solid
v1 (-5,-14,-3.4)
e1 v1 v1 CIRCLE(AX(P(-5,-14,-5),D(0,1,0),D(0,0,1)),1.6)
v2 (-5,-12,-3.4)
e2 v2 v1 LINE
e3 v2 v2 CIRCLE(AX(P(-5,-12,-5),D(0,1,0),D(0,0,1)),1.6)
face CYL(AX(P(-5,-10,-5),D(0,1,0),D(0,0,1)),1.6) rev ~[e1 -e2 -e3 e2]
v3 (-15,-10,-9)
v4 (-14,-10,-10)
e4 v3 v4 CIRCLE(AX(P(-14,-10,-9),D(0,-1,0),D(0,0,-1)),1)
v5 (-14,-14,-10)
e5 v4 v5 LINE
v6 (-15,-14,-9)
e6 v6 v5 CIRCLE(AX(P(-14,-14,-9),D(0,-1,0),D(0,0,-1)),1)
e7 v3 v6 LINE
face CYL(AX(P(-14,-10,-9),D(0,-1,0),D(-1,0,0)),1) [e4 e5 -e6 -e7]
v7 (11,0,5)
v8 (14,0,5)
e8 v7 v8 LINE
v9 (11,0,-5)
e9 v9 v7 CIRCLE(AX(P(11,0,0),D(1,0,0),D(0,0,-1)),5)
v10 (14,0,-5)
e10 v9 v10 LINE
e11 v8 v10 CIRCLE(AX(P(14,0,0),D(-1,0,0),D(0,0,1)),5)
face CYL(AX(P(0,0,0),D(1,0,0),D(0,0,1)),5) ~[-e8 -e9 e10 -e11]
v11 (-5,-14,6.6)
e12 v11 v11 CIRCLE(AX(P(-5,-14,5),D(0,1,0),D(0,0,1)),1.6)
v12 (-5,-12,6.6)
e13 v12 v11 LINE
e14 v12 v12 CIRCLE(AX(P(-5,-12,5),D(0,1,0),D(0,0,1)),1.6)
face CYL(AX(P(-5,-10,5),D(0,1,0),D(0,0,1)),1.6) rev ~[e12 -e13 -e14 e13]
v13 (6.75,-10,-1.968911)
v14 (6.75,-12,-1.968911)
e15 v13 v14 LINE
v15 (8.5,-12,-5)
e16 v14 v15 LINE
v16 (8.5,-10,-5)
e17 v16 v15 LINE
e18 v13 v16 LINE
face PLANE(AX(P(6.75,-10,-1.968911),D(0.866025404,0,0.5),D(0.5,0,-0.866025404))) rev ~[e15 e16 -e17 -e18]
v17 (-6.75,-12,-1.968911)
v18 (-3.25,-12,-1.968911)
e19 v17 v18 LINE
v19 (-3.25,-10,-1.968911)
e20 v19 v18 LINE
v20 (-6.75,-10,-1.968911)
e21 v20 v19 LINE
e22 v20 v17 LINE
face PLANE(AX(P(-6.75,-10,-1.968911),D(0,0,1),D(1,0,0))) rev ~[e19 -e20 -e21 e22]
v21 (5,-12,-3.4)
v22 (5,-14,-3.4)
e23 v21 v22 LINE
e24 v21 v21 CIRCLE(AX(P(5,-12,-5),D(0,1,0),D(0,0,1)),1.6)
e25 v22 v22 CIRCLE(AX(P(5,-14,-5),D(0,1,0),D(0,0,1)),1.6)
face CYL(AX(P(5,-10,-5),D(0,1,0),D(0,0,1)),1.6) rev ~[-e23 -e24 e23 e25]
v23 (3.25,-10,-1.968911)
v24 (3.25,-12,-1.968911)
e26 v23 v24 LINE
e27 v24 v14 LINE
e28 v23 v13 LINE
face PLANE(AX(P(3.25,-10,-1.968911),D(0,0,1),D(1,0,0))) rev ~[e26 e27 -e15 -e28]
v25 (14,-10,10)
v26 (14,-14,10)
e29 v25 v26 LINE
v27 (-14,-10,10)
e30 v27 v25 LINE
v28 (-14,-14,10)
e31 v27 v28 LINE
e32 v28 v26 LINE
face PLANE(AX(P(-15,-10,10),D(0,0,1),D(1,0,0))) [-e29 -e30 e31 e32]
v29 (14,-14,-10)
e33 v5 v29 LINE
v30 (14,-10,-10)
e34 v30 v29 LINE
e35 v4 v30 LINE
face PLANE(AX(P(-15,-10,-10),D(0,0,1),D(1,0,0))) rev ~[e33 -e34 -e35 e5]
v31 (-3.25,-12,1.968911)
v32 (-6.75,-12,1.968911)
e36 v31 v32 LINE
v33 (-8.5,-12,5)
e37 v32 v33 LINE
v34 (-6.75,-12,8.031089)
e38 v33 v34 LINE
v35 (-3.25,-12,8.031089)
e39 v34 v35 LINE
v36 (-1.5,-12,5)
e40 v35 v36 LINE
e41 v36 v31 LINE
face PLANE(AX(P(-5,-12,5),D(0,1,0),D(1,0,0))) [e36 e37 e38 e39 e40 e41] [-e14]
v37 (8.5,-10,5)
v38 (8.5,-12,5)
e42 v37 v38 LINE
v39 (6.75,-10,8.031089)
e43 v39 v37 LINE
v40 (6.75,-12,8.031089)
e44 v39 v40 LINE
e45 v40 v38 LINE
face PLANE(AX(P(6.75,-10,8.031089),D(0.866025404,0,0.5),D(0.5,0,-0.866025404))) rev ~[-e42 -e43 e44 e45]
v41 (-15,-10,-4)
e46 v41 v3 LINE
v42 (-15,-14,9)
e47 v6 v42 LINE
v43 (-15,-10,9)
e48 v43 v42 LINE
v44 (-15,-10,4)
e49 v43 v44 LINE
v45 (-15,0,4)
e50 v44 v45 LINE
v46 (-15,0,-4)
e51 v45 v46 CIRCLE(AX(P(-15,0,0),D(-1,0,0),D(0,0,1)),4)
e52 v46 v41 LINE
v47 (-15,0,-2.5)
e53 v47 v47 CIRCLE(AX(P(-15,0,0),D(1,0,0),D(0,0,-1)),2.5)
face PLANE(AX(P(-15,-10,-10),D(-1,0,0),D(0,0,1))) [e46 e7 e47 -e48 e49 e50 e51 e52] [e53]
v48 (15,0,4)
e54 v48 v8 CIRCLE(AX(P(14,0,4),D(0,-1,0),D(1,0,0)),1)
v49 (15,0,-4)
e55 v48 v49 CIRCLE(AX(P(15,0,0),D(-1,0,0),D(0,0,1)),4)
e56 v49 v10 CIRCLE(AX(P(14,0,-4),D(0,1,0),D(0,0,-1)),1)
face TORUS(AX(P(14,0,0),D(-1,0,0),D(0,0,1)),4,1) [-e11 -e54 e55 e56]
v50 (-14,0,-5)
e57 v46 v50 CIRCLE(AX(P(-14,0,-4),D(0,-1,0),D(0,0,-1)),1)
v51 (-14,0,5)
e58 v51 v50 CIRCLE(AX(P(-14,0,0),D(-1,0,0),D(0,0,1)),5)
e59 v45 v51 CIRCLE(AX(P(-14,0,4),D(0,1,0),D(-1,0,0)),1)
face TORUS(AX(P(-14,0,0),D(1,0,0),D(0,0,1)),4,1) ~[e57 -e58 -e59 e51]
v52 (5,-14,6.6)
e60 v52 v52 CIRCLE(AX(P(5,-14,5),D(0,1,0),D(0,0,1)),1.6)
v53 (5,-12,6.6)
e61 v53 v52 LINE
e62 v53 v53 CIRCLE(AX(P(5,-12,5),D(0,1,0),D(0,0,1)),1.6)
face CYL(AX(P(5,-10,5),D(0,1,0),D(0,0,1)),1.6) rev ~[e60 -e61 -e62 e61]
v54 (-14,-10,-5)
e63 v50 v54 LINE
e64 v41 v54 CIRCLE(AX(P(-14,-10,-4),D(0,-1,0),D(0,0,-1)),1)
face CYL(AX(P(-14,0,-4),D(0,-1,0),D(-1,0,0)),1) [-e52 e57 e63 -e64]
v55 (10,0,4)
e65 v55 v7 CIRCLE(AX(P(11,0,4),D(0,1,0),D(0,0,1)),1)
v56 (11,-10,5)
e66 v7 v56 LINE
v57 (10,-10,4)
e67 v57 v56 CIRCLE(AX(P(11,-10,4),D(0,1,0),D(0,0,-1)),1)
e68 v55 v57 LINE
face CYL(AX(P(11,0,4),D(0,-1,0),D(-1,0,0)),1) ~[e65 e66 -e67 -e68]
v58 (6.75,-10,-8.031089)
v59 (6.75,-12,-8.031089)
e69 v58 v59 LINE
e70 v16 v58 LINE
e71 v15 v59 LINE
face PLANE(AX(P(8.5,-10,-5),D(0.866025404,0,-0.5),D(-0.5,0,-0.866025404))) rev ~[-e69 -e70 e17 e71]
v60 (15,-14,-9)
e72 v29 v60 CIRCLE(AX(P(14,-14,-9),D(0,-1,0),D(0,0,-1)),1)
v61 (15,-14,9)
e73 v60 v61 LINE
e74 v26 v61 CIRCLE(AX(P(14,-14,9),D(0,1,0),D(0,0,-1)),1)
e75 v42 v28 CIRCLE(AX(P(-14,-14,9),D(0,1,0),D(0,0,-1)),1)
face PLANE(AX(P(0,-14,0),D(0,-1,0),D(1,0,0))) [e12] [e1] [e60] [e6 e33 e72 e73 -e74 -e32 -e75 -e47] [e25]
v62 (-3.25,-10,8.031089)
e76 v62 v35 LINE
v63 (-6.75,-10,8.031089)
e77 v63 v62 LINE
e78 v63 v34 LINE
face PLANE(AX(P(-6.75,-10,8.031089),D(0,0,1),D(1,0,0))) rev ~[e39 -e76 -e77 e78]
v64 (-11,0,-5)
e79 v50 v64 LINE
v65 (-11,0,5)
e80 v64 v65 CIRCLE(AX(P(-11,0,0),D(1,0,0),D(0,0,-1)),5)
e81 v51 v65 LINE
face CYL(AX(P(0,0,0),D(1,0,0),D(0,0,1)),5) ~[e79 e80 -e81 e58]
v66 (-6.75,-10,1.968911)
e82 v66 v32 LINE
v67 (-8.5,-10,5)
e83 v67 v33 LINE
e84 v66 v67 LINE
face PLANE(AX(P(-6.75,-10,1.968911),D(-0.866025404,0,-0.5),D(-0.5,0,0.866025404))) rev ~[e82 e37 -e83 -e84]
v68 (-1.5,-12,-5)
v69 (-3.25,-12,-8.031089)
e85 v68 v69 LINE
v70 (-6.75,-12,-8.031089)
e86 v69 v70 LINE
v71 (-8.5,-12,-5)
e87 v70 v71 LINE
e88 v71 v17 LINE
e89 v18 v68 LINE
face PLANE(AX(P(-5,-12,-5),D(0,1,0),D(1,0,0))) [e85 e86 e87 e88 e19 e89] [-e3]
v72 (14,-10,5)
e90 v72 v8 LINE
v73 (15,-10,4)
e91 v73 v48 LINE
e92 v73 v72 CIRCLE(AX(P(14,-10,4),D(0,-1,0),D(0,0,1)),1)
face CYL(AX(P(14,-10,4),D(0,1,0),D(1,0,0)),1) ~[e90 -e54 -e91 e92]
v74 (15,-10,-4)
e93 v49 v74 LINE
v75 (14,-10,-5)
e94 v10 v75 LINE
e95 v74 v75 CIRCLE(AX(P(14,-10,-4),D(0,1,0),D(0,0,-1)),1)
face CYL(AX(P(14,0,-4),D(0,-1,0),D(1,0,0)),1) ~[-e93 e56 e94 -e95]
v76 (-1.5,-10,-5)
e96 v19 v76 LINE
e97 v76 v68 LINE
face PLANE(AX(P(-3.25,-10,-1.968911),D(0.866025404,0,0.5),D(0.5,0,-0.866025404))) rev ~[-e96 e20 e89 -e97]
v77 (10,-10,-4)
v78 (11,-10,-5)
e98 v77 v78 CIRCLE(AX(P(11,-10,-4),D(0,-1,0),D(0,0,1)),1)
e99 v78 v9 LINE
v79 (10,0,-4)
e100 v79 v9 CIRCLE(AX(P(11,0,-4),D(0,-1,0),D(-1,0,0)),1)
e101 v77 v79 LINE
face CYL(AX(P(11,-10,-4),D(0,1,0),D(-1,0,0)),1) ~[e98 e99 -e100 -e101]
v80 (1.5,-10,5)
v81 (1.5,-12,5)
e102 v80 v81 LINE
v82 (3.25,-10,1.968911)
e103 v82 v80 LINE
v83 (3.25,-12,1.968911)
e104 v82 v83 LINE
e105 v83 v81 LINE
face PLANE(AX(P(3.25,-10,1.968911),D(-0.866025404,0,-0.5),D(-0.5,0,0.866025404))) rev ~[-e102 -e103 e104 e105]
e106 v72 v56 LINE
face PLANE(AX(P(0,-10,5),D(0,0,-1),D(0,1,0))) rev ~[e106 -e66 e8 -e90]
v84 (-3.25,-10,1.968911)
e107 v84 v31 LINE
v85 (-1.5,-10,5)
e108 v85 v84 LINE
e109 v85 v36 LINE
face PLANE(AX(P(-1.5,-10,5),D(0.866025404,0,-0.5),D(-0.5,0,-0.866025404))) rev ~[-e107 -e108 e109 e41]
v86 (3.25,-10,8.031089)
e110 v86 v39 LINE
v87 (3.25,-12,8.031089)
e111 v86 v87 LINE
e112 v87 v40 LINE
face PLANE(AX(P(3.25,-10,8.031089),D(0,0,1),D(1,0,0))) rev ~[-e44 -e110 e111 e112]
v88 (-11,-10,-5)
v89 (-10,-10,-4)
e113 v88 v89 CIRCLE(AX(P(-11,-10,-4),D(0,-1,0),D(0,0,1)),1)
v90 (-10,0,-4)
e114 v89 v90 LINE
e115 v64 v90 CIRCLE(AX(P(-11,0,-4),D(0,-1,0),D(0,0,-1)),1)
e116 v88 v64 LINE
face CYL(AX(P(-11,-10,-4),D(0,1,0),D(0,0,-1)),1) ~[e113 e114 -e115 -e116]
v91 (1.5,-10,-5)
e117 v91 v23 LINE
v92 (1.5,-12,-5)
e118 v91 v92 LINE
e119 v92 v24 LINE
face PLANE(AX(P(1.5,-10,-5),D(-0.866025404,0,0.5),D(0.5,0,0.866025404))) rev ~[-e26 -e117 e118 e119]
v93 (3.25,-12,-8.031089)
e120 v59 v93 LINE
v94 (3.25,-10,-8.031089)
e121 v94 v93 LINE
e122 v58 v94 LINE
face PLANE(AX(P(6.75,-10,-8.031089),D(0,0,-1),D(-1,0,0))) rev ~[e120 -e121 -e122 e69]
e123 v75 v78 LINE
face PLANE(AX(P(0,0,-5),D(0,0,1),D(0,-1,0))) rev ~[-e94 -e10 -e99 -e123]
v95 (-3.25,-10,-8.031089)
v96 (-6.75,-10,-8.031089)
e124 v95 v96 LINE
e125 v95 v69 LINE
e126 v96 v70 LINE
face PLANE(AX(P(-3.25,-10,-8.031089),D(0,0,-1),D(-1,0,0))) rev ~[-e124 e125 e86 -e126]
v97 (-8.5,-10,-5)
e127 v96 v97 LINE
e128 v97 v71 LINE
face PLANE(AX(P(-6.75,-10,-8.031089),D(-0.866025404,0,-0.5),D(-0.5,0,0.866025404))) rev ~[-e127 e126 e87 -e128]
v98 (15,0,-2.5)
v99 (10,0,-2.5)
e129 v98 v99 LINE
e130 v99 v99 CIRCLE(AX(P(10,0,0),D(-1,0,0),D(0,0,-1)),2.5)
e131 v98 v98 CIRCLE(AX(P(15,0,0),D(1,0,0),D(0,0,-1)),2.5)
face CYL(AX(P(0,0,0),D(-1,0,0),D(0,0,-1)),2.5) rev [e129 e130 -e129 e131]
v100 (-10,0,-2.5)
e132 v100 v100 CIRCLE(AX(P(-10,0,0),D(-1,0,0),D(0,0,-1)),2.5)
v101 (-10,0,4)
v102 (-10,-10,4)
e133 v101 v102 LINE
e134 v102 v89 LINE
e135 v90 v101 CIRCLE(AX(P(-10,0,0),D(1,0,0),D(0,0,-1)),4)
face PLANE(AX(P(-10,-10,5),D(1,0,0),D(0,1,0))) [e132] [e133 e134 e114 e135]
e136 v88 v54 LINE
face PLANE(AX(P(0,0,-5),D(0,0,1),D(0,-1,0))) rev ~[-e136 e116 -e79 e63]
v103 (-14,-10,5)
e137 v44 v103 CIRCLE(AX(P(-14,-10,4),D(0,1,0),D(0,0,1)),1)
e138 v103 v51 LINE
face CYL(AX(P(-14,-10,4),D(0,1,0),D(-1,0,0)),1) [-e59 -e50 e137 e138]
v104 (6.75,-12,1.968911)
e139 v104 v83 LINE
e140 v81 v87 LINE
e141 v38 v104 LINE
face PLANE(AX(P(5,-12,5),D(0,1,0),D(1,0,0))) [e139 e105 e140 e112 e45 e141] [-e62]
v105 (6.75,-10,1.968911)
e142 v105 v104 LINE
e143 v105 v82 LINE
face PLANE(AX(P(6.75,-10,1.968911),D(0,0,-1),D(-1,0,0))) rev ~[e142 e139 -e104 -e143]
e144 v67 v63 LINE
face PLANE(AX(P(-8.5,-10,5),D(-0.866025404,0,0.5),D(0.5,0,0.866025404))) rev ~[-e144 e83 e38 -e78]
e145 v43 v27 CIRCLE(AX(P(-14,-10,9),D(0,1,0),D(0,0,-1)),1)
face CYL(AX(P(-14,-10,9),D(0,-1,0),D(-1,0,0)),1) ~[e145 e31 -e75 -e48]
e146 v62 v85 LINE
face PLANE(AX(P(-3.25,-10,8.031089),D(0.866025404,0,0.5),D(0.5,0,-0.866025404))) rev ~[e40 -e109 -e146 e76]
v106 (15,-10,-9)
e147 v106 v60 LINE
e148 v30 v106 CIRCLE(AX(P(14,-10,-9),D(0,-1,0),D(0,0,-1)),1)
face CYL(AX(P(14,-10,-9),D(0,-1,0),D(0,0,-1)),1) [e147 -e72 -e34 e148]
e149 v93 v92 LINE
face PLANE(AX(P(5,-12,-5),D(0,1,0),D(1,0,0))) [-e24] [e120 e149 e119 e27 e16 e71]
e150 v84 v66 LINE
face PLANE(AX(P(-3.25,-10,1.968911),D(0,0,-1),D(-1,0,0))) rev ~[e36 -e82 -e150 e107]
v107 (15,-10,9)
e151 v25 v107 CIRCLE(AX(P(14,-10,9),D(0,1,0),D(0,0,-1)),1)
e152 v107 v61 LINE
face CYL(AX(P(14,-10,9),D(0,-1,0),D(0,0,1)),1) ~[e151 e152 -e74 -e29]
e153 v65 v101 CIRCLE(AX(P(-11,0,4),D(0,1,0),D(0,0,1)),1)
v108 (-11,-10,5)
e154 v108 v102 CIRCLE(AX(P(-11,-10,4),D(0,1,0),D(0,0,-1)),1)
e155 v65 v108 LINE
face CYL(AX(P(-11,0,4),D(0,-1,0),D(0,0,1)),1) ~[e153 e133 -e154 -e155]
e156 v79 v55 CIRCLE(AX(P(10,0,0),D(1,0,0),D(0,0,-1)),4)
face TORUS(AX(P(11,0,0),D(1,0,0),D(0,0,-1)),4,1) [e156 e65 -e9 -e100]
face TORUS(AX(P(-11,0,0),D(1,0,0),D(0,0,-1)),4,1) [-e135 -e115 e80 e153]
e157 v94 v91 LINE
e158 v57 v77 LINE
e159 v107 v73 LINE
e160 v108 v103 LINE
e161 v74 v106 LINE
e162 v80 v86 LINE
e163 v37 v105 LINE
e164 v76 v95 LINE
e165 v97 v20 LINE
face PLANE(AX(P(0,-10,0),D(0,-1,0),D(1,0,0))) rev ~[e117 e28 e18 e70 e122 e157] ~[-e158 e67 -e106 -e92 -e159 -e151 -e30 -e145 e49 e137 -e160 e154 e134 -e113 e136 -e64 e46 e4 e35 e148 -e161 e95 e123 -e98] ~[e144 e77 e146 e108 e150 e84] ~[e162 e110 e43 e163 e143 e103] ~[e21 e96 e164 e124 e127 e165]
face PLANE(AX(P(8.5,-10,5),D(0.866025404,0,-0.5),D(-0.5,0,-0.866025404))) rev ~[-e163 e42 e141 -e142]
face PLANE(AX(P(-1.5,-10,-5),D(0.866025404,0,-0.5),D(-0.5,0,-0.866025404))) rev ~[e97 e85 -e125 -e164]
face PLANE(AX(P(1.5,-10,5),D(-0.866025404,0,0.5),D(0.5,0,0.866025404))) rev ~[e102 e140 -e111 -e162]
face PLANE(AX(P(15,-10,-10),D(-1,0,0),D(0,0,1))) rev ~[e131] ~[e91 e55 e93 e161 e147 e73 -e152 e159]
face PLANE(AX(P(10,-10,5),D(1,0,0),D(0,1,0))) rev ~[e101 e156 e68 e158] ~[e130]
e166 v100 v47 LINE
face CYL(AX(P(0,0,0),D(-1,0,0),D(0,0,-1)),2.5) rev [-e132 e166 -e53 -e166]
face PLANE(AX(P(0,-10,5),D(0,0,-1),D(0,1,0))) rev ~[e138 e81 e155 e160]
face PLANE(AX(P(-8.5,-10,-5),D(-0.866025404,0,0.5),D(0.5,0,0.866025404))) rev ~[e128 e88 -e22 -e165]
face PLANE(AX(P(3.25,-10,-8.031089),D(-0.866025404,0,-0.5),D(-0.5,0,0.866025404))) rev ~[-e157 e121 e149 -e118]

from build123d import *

# Parameters (mm, degrees)
ESQUISSE2_R                  = 2.5
BOSS_EXTRU_1_DEPTH           = 15
ESQUISSE4_W                  = 30
ESQUISSE4_H                  = 20
BOSS_EXTRU_2_DEPTH           = 4
ENL_V_MAT_EXTRU_1_REACH      = 6
ESQUISSE5_R                  = 1.6
ESQUISSE6_W                  = 20
ESQUISSE6_H                  = 21.543710407
ENL_V_MAT_EXTRU_2_DEPTH      = 16
ENL_V_MAT_EXTRU_3_DEPTH      = 16
ENL_V_MAT_EXTRU_3_DEPTH_BACK = 2
CONG_1_R                     = 1


with BuildPart() as part:
    # Esquisse2 → Boss.-Extru.1 (new body, symmetric)
    with BuildSketch(Plane(origin=(0, 0, 0), x_dir=(0, 0, -1), z_dir=(1, 0, 0))):
        with BuildLine():
            Line((5, 0), (5, -10))
            Line((5, -10), (-5, -10))
            Line((-5, -10), (-5, 0))
            ThreePointArc((-5, 0), (0, 5), (5, 0))
        make_face()
        Circle(ESQUISSE2_R, mode=Mode.SUBTRACT)
    extrude(amount=BOSS_EXTRU_1_DEPTH, both=True)

    # Esquisse4 → Boss.-Extru.2 (add)
    with BuildSketch(Plane.XZ.offset(10)):
        Rectangle(ESQUISSE4_W, ESQUISSE4_H)
    extrude(amount=BOSS_EXTRU_2_DEPTH)

    # Esquisse5 → Enlèv. mat.-Extru.1 (cut, up to next)
    with BuildSketch(Plane(origin=(0, -10, 0), x_dir=(1, 0, 0), z_dir=(0, 1, 0)), mode=Mode.PRIVATE) as enl_v_mat_extru_1_sk1:
        with Locations(Location((5, -5, 0), (0, 0, 270))):  # turned: the seam where the file's is
            Circle(ESQUISSE5_R)
    enl_v_mat_extru_1_tool1 = extrude(enl_v_mat_extru_1_sk1.sketch, amount=-ENL_V_MAT_EXTRU_1_REACH, mode=Mode.PRIVATE) & part.part
    add(enl_v_mat_extru_1_tool1.solids().sort_by_distance((5, -10, 5))[0], mode=Mode.SUBTRACT)
    # Esquisse5 → Enlèv. mat.-Extru.1 (cut, up to next)
    with BuildSketch(Plane(origin=(0, -10, 0), x_dir=(1, 0, 0), z_dir=(0, 1, 0)), mode=Mode.PRIVATE) as enl_v_mat_extru_1_sk2:
        with Locations(Location((5, 5, 0), (0, 0, 270))):  # turned: the seam where the file's is
            Circle(ESQUISSE5_R)
    enl_v_mat_extru_1_tool2 = extrude(enl_v_mat_extru_1_sk2.sketch, amount=-ENL_V_MAT_EXTRU_1_REACH, mode=Mode.PRIVATE) & part.part
    add(enl_v_mat_extru_1_tool2.solids().sort_by_distance((5, -10, -5))[0], mode=Mode.SUBTRACT)
    # Esquisse5 → Enlèv. mat.-Extru.1 (cut, up to next)
    with BuildSketch(Plane(origin=(0, -10, 0), x_dir=(1, 0, 0), z_dir=(0, 1, 0)), mode=Mode.PRIVATE) as enl_v_mat_extru_1_sk3:
        with Locations(Location((-5, 5, 0), (0, 0, 270))):  # turned: the seam where the file's is
            Circle(ESQUISSE5_R)
    enl_v_mat_extru_1_tool3 = extrude(enl_v_mat_extru_1_sk3.sketch, amount=-ENL_V_MAT_EXTRU_1_REACH, mode=Mode.PRIVATE) & part.part
    add(enl_v_mat_extru_1_tool3.solids().sort_by_distance((-5, -10, -5))[0], mode=Mode.SUBTRACT)
    # Esquisse5 → Enlèv. mat.-Extru.1 (cut, up to next)
    with BuildSketch(Plane(origin=(0, -10, 0), x_dir=(1, 0, 0), z_dir=(0, 1, 0)), mode=Mode.PRIVATE) as enl_v_mat_extru_1_sk4:
        with Locations(Location((-5, -5, 0), (0, 0, 270))):  # turned: the seam where the file's is
            Circle(ESQUISSE5_R)
    enl_v_mat_extru_1_tool4 = extrude(enl_v_mat_extru_1_sk4.sketch, amount=-ENL_V_MAT_EXTRU_1_REACH, mode=Mode.PRIVATE) & part.part
    add(enl_v_mat_extru_1_tool4.solids().sort_by_distance((-5, -10, 5))[0], mode=Mode.SUBTRACT)

    # Esquisse6 → Enlèv. mat.-Extru.2 (cut, through all)
    with BuildSketch(Plane.XY.offset(5)):
        with Locations((0, 0.771855204)):
            Rectangle(ESQUISSE6_W, ESQUISSE6_H)
    extrude(amount=-ENL_V_MAT_EXTRU_2_DEPTH, mode=Mode.SUBTRACT)

    # Esquisse7 → Enlèv. mat.-Extru.3 (cut, two sides)
    with BuildSketch(Plane(origin=(0, -10, 0), x_dir=(1, 0, 0), z_dir=(0, 1, 0))) as enl_v_mat_extru_3_sk:
        Polygon((-1.5, -5), (-3.25, -1.968911087), (-6.75, -1.968911087), (-8.5, -5), (-6.75, -8.031088913), (-3.25, -8.031088913), align=None)
        Polygon((8.5, -5), (6.75, -1.968911087), (3.25, -1.968911087), (1.5, -5), (3.25, -8.031088913), (6.75, -8.031088913), align=None)
        Polygon((8.5, 5), (6.75, 8.031088913), (3.25, 8.031088913), (1.5, 5), (3.25, 1.968911087), (6.75, 1.968911087), align=None)
        Polygon((-1.5, 5), (-3.25, 8.031088913), (-6.75, 8.031088913), (-8.5, 5), (-6.75, 1.968911087), (-3.25, 1.968911087), align=None)
    extrude(amount=ENL_V_MAT_EXTRU_3_DEPTH, mode=Mode.SUBTRACT)
    extrude(enl_v_mat_extru_3_sk.sketch, amount=-ENL_V_MAT_EXTRU_3_DEPTH_BACK, mode=Mode.SUBTRACT)

    # Congé1
    cong_1_edges = [part.edges().sort_by_distance(p)[0] for p in [
        (15, -5, -5),
        (-15, -12, 10),
        (-15, -12, -10),
        (15, -12, -10),
        (15, -12, 10),
        (15, 5, 0),
        (-15, -5, -5),
        (-15, -5, 5),
        (-15, 5, 0),
        (-10, 5, 0),
        (-10, -5, -5),
        (10, -5, -5),
        (10, 5, 0),
        (10, -5, 5),
        (-10, -5, 5),
        (15, -5, 5),
    ]]
    fillet(cong_1_edges, radius=CONG_1_R)


solid = part.part
